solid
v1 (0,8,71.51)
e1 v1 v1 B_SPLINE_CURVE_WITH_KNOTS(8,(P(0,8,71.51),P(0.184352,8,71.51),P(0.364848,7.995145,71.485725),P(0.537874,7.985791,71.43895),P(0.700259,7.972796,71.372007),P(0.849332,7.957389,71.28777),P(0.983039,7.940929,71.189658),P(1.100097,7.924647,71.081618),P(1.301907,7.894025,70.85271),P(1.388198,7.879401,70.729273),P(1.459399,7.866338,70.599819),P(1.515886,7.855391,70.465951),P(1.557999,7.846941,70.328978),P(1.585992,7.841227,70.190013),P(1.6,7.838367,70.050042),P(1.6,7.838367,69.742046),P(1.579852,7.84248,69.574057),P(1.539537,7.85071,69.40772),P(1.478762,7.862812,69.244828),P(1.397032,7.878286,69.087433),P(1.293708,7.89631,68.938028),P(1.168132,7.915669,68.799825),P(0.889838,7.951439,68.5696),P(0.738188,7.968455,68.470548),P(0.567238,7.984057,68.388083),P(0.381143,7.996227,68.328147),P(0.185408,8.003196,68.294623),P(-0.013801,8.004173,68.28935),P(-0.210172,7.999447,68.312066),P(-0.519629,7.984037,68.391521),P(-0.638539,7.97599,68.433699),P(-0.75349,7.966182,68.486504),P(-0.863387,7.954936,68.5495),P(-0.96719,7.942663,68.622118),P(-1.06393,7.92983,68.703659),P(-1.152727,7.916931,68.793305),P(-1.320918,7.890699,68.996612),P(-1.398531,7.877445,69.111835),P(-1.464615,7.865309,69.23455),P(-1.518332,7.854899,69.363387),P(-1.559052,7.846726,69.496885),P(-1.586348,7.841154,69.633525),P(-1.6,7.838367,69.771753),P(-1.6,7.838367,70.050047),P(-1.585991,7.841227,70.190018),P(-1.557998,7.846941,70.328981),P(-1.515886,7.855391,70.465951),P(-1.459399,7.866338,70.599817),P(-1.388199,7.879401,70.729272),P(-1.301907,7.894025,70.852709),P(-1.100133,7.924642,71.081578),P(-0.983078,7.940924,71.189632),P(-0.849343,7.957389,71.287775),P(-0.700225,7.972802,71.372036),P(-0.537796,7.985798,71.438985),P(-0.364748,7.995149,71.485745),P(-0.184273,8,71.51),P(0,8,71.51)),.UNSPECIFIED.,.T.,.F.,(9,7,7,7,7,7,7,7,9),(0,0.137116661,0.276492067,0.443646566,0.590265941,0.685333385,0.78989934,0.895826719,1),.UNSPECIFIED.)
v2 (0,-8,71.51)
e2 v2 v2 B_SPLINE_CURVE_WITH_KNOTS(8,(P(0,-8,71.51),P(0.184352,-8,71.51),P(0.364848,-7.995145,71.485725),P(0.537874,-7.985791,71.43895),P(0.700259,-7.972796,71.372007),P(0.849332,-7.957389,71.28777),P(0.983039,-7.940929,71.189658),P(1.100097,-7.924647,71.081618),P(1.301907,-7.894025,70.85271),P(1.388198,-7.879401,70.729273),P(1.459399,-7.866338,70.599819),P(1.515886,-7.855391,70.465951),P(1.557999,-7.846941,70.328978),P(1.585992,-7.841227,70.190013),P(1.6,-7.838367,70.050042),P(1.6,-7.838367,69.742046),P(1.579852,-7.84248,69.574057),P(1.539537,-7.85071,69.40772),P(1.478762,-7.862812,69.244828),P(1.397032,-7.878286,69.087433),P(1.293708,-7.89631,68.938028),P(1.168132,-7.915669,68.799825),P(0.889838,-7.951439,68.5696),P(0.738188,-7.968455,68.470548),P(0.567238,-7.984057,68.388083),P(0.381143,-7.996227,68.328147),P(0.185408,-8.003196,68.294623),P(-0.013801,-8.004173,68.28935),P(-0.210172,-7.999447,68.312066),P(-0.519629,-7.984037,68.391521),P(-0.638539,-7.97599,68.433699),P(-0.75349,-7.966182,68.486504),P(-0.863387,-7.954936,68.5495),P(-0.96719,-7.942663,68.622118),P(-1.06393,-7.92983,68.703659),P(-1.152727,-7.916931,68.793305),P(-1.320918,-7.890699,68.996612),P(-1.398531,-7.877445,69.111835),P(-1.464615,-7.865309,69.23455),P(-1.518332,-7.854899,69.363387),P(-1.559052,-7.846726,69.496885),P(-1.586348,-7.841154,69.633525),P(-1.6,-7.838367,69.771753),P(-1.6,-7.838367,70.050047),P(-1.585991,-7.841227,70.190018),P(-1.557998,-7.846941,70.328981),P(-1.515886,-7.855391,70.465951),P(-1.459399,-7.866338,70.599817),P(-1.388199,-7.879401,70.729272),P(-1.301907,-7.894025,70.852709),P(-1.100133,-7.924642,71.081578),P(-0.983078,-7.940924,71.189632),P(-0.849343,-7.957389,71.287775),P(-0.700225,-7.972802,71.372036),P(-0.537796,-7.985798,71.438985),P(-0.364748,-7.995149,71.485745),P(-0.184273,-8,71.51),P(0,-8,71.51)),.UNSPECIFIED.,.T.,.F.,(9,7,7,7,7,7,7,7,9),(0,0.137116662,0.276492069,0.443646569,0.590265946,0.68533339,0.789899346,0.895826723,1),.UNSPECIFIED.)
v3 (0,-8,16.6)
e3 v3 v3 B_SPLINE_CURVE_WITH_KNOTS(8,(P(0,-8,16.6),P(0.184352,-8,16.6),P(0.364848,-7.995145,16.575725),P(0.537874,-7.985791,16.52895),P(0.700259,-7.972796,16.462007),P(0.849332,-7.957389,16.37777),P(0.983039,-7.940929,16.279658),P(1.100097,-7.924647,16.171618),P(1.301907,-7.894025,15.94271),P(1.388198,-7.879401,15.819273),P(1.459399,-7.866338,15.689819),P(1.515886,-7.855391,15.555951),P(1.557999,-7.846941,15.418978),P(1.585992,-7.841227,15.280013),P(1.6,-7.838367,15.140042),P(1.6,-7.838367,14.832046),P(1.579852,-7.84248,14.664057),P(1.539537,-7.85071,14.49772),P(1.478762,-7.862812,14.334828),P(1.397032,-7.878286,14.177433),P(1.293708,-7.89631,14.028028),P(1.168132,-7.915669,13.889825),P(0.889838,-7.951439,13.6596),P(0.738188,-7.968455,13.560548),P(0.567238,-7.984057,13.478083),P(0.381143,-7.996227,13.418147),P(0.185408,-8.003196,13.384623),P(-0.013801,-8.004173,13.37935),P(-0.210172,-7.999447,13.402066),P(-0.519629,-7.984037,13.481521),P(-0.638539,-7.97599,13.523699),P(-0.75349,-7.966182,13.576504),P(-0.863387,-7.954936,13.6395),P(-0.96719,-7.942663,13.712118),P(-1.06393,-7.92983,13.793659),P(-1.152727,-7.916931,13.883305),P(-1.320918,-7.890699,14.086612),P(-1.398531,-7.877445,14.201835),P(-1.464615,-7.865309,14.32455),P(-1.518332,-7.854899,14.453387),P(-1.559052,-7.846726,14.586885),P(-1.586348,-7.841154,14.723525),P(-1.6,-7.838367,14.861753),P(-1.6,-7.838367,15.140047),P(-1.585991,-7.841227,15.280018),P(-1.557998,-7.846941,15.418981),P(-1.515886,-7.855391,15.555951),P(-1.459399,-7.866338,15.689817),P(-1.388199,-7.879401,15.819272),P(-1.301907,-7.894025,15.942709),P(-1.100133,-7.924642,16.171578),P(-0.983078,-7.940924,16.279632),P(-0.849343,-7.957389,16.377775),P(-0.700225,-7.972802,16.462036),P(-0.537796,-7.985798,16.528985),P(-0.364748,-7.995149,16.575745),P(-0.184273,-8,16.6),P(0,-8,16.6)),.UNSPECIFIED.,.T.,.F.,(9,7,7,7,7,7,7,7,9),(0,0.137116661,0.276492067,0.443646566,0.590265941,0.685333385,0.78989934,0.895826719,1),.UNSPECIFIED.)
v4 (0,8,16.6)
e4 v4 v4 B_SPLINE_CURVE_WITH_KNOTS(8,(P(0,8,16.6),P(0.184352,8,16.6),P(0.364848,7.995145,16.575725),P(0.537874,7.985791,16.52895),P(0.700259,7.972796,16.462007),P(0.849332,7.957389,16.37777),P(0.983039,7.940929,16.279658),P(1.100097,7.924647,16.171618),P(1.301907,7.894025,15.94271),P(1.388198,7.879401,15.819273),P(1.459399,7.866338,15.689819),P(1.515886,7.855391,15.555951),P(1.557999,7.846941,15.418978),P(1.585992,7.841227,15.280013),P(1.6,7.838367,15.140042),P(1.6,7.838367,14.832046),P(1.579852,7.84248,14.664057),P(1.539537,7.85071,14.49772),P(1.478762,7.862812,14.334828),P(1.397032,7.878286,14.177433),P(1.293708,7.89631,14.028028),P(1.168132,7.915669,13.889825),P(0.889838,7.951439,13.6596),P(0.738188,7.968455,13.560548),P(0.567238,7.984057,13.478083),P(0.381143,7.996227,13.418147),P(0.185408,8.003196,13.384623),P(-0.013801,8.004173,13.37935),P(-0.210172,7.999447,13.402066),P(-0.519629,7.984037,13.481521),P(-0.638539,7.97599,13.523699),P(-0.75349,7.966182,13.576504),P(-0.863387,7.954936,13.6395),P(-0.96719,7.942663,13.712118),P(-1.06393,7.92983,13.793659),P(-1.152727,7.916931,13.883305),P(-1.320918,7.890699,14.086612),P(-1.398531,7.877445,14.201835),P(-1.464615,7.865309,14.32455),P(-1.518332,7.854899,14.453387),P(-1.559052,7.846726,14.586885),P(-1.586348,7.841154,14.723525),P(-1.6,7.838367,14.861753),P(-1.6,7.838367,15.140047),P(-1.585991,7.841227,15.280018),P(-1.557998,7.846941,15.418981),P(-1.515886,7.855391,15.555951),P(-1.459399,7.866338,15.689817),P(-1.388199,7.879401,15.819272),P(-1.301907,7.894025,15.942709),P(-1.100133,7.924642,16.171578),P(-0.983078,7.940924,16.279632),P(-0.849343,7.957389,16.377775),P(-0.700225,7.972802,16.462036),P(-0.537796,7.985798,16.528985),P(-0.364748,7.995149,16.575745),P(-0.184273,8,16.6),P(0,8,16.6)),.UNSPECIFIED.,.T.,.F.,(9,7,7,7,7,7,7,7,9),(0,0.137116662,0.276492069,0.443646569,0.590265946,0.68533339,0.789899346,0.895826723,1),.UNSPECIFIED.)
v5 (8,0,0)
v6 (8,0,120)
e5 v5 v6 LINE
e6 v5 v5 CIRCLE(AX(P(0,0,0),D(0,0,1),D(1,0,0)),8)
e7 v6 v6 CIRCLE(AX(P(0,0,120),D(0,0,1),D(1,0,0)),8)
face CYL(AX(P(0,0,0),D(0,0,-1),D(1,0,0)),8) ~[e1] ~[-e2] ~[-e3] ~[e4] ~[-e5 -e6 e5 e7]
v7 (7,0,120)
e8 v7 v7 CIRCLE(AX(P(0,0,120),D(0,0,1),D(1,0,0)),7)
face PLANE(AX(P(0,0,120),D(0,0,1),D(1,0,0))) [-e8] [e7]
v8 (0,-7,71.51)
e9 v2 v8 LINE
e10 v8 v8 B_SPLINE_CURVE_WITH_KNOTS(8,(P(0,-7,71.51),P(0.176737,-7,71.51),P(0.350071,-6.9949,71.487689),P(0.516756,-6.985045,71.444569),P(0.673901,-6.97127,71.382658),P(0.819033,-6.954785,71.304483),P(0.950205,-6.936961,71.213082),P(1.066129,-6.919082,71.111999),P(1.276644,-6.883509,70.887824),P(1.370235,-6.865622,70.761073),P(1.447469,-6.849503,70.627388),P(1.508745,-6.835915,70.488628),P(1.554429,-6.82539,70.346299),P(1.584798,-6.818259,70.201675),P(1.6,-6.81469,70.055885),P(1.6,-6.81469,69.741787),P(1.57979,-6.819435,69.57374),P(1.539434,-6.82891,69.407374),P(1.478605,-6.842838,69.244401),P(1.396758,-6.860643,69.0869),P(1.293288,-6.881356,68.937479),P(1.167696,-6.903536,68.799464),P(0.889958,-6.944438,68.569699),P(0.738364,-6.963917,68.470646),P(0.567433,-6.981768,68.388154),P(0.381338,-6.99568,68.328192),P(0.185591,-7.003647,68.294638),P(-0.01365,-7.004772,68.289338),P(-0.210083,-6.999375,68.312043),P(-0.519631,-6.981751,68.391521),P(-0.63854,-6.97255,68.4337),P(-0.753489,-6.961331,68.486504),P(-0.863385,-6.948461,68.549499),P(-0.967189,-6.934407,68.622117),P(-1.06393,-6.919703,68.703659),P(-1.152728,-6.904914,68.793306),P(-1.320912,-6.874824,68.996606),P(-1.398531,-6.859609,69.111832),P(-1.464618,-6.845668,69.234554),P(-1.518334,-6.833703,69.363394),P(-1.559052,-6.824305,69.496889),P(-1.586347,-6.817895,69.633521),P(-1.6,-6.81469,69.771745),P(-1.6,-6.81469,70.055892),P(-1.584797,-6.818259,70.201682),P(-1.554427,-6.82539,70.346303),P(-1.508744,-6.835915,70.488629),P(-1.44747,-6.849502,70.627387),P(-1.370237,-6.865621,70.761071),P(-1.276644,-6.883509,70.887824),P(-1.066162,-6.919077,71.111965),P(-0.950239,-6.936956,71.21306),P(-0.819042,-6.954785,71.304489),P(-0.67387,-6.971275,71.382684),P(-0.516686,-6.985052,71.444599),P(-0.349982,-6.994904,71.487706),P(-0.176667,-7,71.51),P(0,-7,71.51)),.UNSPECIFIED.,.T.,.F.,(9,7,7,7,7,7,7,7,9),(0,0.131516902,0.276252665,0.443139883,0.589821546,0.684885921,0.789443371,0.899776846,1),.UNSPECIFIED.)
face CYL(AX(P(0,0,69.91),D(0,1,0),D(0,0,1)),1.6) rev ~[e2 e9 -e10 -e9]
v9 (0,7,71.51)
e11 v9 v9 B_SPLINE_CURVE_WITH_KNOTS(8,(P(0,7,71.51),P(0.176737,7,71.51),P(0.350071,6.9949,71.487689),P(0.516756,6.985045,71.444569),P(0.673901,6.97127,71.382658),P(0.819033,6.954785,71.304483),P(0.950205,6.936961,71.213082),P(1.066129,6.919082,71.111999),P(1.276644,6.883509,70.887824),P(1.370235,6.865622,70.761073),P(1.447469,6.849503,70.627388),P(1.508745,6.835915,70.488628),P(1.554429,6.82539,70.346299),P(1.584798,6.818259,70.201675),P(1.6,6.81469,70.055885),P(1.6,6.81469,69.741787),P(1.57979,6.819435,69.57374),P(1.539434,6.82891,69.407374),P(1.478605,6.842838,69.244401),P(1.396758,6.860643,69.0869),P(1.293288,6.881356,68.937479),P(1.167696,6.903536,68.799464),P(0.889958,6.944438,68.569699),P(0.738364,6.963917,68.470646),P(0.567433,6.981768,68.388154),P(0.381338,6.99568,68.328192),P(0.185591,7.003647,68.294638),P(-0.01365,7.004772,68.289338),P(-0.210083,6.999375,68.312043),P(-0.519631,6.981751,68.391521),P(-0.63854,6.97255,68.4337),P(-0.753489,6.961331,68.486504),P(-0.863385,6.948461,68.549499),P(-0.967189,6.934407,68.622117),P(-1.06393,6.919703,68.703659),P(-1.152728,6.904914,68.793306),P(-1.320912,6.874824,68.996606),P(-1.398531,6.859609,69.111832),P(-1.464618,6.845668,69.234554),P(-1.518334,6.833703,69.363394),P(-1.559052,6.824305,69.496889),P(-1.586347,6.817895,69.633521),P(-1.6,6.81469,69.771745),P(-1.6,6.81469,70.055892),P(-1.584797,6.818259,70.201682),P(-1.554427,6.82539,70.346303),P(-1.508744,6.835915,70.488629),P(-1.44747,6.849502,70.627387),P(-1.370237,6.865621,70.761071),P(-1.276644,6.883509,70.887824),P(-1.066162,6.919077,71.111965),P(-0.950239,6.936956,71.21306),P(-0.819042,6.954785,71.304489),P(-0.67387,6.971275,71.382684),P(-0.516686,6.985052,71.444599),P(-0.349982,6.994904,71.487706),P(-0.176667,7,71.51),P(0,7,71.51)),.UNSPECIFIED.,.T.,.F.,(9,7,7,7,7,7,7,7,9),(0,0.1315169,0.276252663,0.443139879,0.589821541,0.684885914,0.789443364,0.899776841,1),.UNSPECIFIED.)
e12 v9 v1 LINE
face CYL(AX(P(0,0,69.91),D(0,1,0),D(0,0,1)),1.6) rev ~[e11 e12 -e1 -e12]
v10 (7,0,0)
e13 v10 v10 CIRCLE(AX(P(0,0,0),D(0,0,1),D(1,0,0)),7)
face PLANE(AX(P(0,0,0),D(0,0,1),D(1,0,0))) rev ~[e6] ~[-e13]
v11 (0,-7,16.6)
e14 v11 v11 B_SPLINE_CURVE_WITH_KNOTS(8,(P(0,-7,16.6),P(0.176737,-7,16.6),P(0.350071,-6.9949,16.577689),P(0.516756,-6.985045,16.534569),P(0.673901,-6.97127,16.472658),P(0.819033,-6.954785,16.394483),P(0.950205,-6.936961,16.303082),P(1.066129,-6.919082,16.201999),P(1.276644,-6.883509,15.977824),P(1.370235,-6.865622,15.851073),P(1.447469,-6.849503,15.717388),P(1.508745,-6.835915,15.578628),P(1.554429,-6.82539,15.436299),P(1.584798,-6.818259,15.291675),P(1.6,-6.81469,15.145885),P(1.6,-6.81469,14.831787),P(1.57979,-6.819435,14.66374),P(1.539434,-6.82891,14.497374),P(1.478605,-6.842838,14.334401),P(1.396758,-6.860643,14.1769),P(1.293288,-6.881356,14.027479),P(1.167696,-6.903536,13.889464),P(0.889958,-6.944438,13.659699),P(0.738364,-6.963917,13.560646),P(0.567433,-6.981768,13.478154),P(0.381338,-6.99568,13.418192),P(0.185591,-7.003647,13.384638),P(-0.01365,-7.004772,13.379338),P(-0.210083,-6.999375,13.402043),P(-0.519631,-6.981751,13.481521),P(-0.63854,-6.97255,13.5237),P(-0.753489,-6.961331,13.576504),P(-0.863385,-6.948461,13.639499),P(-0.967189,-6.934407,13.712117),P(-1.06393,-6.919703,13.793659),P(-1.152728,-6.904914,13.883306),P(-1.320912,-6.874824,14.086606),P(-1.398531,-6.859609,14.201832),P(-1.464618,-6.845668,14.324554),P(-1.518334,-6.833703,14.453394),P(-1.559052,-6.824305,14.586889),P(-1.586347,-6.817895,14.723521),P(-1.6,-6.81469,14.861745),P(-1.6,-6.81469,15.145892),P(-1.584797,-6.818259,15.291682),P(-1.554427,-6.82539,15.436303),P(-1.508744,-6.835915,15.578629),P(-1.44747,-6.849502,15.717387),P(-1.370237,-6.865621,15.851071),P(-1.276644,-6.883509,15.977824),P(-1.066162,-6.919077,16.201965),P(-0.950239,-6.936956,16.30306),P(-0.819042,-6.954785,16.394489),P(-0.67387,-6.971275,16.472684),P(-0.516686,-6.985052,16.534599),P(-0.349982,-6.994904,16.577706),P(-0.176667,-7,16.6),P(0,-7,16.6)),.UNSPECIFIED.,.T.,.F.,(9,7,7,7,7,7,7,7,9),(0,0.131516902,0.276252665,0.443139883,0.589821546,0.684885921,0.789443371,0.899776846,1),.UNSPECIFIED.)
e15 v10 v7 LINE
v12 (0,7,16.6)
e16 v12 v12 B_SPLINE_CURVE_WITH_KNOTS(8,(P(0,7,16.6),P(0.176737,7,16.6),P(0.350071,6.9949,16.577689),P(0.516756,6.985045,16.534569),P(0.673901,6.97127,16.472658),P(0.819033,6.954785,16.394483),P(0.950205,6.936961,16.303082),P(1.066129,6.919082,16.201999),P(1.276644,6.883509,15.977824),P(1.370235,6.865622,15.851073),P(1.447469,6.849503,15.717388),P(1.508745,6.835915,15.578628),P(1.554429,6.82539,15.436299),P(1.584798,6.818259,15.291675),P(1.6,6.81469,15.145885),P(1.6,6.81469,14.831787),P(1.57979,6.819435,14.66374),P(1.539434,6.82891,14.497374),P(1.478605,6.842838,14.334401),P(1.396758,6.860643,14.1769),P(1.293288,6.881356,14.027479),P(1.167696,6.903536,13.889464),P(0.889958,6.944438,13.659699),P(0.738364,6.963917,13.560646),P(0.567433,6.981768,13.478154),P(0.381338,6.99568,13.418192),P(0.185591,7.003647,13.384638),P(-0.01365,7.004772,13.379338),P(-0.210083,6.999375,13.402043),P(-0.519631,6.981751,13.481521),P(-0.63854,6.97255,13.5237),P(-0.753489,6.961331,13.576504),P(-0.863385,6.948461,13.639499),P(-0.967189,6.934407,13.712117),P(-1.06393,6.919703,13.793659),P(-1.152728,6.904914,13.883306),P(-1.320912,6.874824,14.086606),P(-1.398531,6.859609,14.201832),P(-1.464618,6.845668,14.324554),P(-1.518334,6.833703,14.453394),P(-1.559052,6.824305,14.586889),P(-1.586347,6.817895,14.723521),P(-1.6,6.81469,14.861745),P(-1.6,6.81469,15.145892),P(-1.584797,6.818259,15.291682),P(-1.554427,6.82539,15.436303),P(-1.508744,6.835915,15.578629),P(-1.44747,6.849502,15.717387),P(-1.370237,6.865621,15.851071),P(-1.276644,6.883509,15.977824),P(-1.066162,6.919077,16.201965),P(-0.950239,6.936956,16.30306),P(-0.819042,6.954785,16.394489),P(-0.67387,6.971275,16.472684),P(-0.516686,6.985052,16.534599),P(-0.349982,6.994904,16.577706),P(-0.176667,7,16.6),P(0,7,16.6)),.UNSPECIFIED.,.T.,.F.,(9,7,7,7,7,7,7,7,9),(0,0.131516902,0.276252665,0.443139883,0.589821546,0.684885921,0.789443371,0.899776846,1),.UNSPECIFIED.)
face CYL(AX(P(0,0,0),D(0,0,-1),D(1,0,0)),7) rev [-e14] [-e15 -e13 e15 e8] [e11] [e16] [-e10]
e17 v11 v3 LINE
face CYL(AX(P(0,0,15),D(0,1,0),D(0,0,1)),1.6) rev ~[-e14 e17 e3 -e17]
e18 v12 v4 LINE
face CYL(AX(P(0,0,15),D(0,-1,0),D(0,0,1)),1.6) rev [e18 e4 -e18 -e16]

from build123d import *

# Parameters (mm, degrees)
SKETCH_1_R          = 8
SKETCH_1_R_2        = 7
EXTRUDE_1_DEPTH     = 120
SKETCH_2_R          = 1.6
CUT_EXTRUDE_1_DEPTH = 300


with BuildPart() as part:
    # 草图1 → 凸台-拉伸1 (new body)
    with BuildSketch(Plane.XY):
        Circle(SKETCH_1_R)
        Circle(SKETCH_1_R_2, mode=Mode.SUBTRACT)
    extrude(amount=EXTRUDE_1_DEPTH)

    # 草图2 → 切除-拉伸1 (cut, symmetric)
    with BuildSketch(Plane(origin=(0, 0, 0), x_dir=(1, 0, 0), z_dir=(0, 1, 0))):
        with Locations(Location((0, -15, 0), (0, 0, 270))):
            Circle(SKETCH_2_R)
        with Locations(Location((0, -69.91, 0), (0, 0, 270))):
            Circle(SKETCH_2_R)
    extrude(amount=CUT_EXTRUDE_1_DEPTH, both=True, mode=Mode.SUBTRACT)


solid = part.part
